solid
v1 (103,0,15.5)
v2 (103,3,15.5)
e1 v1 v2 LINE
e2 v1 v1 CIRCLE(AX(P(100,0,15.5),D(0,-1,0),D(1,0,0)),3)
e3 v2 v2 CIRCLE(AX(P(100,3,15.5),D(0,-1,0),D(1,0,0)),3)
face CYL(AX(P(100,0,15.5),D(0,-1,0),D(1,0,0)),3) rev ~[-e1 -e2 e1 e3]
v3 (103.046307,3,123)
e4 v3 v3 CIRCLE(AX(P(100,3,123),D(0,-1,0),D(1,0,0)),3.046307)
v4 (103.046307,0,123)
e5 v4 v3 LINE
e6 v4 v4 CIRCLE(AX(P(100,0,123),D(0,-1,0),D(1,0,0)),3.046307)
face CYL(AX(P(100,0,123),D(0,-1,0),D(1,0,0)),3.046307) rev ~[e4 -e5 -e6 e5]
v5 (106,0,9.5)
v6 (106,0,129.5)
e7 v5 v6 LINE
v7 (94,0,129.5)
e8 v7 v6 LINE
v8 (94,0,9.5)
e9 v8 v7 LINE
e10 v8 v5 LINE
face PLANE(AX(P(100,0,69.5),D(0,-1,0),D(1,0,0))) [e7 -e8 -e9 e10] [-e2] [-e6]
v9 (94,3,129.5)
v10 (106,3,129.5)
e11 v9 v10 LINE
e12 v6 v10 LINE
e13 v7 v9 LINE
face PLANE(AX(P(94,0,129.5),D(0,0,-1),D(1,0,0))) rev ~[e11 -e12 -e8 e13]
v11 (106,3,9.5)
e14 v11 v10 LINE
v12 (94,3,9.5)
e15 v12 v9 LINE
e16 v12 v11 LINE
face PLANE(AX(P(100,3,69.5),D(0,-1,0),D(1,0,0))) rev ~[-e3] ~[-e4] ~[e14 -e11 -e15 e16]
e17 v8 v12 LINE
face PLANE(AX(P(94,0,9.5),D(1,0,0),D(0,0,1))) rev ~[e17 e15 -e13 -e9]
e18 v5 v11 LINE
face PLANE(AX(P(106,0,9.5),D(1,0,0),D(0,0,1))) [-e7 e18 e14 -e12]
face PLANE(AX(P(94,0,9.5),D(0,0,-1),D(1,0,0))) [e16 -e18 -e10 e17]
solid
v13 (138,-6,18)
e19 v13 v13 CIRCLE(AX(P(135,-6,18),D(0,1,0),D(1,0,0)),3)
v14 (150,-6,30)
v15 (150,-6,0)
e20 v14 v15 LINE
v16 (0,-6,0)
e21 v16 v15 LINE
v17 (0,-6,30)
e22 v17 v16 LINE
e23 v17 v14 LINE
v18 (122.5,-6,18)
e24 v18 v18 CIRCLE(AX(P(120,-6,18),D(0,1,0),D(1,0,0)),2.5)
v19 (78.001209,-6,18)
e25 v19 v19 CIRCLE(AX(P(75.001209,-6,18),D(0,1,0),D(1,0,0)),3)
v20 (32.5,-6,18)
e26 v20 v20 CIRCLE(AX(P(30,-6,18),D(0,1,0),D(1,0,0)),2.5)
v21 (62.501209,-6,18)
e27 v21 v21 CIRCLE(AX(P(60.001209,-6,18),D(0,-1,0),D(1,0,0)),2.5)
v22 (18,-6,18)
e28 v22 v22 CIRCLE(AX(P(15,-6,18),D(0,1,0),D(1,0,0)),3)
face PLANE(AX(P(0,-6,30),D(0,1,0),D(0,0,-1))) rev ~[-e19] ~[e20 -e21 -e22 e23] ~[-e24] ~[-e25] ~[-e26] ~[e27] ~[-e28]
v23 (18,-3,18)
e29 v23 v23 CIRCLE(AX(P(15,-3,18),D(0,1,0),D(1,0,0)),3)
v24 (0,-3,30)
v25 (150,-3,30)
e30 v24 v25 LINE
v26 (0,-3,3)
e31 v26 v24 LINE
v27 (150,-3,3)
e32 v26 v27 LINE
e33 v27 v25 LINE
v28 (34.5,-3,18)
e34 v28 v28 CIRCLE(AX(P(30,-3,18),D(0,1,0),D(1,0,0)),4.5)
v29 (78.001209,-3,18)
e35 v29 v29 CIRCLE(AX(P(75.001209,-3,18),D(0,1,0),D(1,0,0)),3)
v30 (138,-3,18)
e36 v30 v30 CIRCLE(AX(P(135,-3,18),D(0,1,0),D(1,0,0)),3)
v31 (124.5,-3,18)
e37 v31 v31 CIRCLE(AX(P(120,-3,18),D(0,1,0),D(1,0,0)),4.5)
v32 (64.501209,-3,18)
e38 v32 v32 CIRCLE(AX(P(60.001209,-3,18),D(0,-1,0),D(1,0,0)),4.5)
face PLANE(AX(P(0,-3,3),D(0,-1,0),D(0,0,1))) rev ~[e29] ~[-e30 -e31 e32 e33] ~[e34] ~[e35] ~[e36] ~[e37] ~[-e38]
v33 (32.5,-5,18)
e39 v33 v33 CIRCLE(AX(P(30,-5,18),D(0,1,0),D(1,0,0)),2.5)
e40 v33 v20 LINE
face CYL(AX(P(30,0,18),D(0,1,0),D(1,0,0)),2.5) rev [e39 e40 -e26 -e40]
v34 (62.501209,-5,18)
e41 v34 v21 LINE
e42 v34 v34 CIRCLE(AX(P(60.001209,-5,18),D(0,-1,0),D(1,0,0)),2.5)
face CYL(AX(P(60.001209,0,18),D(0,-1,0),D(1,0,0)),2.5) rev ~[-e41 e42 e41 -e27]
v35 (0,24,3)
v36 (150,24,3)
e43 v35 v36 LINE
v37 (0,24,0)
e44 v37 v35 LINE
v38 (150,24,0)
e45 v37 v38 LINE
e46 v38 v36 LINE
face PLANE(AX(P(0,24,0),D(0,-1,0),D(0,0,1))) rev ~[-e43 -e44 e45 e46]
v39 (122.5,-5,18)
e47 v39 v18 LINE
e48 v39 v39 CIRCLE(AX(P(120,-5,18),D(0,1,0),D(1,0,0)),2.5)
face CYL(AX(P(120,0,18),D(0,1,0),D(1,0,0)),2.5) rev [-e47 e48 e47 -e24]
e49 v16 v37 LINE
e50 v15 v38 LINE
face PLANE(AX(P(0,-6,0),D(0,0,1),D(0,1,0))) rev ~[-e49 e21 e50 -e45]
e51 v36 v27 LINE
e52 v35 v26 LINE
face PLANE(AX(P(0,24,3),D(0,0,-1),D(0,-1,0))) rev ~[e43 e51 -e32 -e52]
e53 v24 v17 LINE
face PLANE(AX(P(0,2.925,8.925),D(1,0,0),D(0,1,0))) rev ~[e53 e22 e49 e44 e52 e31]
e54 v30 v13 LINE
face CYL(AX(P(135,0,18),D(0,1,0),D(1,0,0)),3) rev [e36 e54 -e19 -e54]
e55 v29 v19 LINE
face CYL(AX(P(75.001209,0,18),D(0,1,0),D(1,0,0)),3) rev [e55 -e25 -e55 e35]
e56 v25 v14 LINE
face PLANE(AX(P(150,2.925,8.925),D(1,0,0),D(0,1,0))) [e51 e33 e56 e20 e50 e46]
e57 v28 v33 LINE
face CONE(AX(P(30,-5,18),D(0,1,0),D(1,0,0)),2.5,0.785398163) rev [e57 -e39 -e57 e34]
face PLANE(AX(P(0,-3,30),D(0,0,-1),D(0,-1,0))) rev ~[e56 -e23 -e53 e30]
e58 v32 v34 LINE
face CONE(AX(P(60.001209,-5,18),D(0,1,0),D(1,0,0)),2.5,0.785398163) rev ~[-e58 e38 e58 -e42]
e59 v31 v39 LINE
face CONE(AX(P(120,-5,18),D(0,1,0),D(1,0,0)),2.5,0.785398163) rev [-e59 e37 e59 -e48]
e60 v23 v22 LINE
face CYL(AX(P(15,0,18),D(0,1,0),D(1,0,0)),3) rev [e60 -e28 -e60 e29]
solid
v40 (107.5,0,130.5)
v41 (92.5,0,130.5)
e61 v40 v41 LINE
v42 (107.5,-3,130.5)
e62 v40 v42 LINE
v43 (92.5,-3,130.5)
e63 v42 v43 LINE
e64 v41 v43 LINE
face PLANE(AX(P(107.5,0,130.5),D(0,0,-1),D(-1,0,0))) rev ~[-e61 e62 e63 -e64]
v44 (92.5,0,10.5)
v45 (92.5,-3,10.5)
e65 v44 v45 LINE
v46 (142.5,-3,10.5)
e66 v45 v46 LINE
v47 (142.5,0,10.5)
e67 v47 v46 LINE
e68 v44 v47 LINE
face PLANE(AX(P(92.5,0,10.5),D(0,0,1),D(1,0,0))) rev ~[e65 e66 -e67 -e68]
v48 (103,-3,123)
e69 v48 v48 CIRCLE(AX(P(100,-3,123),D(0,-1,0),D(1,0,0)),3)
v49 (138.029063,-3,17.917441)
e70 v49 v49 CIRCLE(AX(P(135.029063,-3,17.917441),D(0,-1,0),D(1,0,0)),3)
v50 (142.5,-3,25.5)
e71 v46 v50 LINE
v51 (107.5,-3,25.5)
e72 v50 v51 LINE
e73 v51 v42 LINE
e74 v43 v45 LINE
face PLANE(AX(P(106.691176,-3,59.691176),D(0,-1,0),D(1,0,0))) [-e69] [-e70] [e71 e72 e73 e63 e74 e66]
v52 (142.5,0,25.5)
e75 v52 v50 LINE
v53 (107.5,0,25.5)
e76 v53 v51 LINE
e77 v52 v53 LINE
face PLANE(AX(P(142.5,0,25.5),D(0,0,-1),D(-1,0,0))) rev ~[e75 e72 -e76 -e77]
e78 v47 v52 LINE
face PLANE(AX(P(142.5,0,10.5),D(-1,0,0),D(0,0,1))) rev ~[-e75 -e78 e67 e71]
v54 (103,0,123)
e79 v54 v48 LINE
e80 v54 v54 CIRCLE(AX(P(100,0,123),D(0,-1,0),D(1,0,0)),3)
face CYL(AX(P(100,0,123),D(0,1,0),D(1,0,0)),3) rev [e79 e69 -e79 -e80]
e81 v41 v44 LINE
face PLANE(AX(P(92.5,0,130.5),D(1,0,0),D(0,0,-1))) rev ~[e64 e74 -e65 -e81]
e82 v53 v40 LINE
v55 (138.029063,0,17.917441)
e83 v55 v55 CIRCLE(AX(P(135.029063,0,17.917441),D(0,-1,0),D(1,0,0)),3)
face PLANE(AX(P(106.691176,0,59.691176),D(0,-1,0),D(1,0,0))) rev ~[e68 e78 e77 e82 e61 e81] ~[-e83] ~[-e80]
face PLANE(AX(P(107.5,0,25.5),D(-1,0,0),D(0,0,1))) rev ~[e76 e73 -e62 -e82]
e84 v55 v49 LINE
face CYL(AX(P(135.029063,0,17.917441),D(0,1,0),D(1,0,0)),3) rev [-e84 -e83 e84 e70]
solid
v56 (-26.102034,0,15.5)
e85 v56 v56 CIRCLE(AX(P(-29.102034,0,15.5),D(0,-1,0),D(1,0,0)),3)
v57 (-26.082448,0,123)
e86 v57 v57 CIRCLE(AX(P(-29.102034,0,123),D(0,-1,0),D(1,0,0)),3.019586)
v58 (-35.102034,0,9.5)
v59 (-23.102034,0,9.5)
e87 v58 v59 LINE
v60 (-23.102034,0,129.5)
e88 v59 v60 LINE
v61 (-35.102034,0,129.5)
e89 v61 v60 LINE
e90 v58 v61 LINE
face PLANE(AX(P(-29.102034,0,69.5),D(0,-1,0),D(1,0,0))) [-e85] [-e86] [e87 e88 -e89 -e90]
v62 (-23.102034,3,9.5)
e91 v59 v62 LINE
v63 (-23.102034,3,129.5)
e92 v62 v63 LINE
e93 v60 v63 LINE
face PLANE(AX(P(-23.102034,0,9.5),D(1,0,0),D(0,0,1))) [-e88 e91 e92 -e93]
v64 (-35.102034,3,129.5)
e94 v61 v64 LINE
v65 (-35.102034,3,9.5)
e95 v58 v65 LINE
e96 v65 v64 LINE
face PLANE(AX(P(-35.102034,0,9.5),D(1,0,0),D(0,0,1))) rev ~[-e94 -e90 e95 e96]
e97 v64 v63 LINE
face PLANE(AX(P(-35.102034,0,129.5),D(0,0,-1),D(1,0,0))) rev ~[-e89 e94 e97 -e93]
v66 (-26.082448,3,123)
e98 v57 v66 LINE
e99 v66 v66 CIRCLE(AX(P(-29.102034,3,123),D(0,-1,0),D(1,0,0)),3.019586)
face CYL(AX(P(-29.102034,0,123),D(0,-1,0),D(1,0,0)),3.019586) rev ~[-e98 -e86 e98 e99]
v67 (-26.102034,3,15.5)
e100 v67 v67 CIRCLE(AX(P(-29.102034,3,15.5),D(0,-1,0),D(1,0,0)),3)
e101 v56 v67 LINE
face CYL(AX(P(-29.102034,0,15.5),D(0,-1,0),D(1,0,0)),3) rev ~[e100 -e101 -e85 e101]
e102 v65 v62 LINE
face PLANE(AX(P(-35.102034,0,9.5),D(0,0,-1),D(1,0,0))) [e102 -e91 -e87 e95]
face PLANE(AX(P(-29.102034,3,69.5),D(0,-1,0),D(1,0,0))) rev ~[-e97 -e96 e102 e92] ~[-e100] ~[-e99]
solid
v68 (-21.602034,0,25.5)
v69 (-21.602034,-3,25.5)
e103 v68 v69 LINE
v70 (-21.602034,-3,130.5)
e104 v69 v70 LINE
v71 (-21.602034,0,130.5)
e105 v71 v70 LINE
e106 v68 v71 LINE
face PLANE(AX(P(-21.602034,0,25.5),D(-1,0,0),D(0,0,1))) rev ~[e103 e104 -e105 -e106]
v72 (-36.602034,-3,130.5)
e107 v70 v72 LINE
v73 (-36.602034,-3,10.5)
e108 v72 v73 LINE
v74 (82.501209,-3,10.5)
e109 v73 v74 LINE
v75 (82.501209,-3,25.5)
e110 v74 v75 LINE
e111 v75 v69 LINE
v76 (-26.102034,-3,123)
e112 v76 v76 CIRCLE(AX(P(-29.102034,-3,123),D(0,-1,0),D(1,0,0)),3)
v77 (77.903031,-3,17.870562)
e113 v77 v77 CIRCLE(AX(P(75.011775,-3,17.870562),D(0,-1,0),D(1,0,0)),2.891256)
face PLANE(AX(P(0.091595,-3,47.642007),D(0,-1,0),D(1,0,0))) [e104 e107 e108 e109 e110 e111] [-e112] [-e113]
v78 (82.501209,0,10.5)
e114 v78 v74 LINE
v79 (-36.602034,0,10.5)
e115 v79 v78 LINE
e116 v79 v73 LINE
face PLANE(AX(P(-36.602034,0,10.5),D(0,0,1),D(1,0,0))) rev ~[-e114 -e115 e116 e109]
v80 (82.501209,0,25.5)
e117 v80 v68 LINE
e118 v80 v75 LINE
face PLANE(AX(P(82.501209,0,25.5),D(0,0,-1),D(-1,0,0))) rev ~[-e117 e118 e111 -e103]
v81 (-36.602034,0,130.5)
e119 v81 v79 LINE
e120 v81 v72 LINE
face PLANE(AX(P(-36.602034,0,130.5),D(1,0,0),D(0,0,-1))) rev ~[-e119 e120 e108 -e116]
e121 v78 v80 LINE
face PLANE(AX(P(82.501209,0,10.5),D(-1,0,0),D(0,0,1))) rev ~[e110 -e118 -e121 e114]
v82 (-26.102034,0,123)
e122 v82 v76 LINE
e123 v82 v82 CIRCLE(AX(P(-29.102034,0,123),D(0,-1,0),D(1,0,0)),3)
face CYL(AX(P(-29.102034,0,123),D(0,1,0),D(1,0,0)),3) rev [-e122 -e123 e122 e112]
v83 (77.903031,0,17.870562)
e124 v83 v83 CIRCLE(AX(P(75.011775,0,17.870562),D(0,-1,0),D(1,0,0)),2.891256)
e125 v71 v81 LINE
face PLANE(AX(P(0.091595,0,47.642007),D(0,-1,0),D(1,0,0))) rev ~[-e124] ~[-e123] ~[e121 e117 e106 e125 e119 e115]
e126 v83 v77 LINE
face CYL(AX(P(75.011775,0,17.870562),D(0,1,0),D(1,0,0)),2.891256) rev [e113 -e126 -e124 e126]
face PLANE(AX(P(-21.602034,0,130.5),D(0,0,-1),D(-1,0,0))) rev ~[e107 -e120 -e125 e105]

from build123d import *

# Parameters (mm, degrees)
F1_DEPTH = 150
F2_R     = 3
F2_R_2   = 2.5
F3_DEPTH = 12.5
F4_SIZE  = 2
F5_R     = 3
F6_DEPTH = 3
F5_R_2   = 2.89125585
F7_W     = 12
F7_H     = 120
F7_R     = 3
F7_R_2   = 3.0463073606
F8_DEPTH = 3
F7_R_3   = 3.0195859369


with BuildPart() as f1:
    # F0 (on Right) → F1 (new body)
    with BuildSketch(Plane.YZ):
        Polygon((-3, 30), (-6, 30), (-6, 0), (24, 0), (24, 3), (-3, 3), align=None)
    extrude(amount=F1_DEPTH)

    # F2 (on Front) → F3 (cut, symmetric)
    with BuildSketch(Plane.XZ):
        with Locations((135, 18)):
            Circle(F2_R)
        with Locations((75.0012089281, 18)):
            Circle(F2_R)
        with Locations((15, 18)):
            Circle(F2_R)
        with Locations((120, 18)):
            Circle(F2_R_2)
        with Locations((30, 18)):
            Circle(F2_R_2)
        with Locations((60.0012089281, 18)):
            Circle(F2_R_2)
    extrude(amount=F3_DEPTH, both=True, mode=Mode.SUBTRACT)

    # F4
    f4_edges = [f1.edges().sort_by_distance(p)[0] for p in [
        (57.501209, -3, 18),
        (27.5, -3, 18),
        (117.5, -3, 18),
    ]]
    chamfer(f4_edges, length=F4_SIZE)


with BuildPart() as f6:
    # F5 (on Front) → F6 (new body)
    with BuildSketch(Plane.XZ):
        Polygon((142.5, 10.5), (142.5, 25.5), (107.5, 25.5), (107.5, 130.5), (92.5, 130.5), (92.5, 10.5), align=None)
        with Locations((135.0290626287, 17.9174412042)):
            Circle(F5_R, mode=Mode.SUBTRACT)
        with Locations((100, 123)):
            Circle(F5_R, mode=Mode.SUBTRACT)
    extrude(amount=F6_DEPTH)


with BuildPart() as f6b:
    # F5 (on Front) → F6, piece 2 (new body)
    with BuildSketch(Plane.XZ):
        Polygon((82.5012089281, 10.5), (82.5012089281, 25.5), (-21.6020338073, 25.5), (-21.6020338073, 130.5), (-36.6020338073, 130.5), (-36.6020338073, 10.5), align=None)
        with Locations((75.0117748976, 17.8705621511)):
            Circle(F5_R_2, mode=Mode.SUBTRACT)
        with Locations((-29.1020338073, 123)):
            Circle(F5_R, mode=Mode.SUBTRACT)
    extrude(amount=F6_DEPTH)


with BuildPart() as f8:
    # F7 (on Front) → F8 (new body)
    with BuildSketch(Plane.XZ):
        with Locations((100, 69.5)):
            Rectangle(F7_W, F7_H)
        with Locations((100, 15.5)):
            Circle(F7_R, mode=Mode.SUBTRACT)
        with Locations((100, 123)):
            Circle(F7_R_2, mode=Mode.SUBTRACT)
    extrude(amount=-F8_DEPTH)


with BuildPart() as f8b:
    # F7 (on Front) → F8, piece 2 (new body)
    with BuildSketch(Plane.XZ):
        with Locations((-29.1020338073, 69.5)):
            Rectangle(F7_W, F7_H)
        with Locations((-29.1020338073, 15.5)):
            Circle(F7_R, mode=Mode.SUBTRACT)
        with Locations((-29.1020338073, 123)):
            Circle(F7_R_3, mode=Mode.SUBTRACT)
    extrude(amount=-F8_DEPTH)


solid = Compound([f1.part, f6.part, f6b.part, f8.part, f8b.part])
